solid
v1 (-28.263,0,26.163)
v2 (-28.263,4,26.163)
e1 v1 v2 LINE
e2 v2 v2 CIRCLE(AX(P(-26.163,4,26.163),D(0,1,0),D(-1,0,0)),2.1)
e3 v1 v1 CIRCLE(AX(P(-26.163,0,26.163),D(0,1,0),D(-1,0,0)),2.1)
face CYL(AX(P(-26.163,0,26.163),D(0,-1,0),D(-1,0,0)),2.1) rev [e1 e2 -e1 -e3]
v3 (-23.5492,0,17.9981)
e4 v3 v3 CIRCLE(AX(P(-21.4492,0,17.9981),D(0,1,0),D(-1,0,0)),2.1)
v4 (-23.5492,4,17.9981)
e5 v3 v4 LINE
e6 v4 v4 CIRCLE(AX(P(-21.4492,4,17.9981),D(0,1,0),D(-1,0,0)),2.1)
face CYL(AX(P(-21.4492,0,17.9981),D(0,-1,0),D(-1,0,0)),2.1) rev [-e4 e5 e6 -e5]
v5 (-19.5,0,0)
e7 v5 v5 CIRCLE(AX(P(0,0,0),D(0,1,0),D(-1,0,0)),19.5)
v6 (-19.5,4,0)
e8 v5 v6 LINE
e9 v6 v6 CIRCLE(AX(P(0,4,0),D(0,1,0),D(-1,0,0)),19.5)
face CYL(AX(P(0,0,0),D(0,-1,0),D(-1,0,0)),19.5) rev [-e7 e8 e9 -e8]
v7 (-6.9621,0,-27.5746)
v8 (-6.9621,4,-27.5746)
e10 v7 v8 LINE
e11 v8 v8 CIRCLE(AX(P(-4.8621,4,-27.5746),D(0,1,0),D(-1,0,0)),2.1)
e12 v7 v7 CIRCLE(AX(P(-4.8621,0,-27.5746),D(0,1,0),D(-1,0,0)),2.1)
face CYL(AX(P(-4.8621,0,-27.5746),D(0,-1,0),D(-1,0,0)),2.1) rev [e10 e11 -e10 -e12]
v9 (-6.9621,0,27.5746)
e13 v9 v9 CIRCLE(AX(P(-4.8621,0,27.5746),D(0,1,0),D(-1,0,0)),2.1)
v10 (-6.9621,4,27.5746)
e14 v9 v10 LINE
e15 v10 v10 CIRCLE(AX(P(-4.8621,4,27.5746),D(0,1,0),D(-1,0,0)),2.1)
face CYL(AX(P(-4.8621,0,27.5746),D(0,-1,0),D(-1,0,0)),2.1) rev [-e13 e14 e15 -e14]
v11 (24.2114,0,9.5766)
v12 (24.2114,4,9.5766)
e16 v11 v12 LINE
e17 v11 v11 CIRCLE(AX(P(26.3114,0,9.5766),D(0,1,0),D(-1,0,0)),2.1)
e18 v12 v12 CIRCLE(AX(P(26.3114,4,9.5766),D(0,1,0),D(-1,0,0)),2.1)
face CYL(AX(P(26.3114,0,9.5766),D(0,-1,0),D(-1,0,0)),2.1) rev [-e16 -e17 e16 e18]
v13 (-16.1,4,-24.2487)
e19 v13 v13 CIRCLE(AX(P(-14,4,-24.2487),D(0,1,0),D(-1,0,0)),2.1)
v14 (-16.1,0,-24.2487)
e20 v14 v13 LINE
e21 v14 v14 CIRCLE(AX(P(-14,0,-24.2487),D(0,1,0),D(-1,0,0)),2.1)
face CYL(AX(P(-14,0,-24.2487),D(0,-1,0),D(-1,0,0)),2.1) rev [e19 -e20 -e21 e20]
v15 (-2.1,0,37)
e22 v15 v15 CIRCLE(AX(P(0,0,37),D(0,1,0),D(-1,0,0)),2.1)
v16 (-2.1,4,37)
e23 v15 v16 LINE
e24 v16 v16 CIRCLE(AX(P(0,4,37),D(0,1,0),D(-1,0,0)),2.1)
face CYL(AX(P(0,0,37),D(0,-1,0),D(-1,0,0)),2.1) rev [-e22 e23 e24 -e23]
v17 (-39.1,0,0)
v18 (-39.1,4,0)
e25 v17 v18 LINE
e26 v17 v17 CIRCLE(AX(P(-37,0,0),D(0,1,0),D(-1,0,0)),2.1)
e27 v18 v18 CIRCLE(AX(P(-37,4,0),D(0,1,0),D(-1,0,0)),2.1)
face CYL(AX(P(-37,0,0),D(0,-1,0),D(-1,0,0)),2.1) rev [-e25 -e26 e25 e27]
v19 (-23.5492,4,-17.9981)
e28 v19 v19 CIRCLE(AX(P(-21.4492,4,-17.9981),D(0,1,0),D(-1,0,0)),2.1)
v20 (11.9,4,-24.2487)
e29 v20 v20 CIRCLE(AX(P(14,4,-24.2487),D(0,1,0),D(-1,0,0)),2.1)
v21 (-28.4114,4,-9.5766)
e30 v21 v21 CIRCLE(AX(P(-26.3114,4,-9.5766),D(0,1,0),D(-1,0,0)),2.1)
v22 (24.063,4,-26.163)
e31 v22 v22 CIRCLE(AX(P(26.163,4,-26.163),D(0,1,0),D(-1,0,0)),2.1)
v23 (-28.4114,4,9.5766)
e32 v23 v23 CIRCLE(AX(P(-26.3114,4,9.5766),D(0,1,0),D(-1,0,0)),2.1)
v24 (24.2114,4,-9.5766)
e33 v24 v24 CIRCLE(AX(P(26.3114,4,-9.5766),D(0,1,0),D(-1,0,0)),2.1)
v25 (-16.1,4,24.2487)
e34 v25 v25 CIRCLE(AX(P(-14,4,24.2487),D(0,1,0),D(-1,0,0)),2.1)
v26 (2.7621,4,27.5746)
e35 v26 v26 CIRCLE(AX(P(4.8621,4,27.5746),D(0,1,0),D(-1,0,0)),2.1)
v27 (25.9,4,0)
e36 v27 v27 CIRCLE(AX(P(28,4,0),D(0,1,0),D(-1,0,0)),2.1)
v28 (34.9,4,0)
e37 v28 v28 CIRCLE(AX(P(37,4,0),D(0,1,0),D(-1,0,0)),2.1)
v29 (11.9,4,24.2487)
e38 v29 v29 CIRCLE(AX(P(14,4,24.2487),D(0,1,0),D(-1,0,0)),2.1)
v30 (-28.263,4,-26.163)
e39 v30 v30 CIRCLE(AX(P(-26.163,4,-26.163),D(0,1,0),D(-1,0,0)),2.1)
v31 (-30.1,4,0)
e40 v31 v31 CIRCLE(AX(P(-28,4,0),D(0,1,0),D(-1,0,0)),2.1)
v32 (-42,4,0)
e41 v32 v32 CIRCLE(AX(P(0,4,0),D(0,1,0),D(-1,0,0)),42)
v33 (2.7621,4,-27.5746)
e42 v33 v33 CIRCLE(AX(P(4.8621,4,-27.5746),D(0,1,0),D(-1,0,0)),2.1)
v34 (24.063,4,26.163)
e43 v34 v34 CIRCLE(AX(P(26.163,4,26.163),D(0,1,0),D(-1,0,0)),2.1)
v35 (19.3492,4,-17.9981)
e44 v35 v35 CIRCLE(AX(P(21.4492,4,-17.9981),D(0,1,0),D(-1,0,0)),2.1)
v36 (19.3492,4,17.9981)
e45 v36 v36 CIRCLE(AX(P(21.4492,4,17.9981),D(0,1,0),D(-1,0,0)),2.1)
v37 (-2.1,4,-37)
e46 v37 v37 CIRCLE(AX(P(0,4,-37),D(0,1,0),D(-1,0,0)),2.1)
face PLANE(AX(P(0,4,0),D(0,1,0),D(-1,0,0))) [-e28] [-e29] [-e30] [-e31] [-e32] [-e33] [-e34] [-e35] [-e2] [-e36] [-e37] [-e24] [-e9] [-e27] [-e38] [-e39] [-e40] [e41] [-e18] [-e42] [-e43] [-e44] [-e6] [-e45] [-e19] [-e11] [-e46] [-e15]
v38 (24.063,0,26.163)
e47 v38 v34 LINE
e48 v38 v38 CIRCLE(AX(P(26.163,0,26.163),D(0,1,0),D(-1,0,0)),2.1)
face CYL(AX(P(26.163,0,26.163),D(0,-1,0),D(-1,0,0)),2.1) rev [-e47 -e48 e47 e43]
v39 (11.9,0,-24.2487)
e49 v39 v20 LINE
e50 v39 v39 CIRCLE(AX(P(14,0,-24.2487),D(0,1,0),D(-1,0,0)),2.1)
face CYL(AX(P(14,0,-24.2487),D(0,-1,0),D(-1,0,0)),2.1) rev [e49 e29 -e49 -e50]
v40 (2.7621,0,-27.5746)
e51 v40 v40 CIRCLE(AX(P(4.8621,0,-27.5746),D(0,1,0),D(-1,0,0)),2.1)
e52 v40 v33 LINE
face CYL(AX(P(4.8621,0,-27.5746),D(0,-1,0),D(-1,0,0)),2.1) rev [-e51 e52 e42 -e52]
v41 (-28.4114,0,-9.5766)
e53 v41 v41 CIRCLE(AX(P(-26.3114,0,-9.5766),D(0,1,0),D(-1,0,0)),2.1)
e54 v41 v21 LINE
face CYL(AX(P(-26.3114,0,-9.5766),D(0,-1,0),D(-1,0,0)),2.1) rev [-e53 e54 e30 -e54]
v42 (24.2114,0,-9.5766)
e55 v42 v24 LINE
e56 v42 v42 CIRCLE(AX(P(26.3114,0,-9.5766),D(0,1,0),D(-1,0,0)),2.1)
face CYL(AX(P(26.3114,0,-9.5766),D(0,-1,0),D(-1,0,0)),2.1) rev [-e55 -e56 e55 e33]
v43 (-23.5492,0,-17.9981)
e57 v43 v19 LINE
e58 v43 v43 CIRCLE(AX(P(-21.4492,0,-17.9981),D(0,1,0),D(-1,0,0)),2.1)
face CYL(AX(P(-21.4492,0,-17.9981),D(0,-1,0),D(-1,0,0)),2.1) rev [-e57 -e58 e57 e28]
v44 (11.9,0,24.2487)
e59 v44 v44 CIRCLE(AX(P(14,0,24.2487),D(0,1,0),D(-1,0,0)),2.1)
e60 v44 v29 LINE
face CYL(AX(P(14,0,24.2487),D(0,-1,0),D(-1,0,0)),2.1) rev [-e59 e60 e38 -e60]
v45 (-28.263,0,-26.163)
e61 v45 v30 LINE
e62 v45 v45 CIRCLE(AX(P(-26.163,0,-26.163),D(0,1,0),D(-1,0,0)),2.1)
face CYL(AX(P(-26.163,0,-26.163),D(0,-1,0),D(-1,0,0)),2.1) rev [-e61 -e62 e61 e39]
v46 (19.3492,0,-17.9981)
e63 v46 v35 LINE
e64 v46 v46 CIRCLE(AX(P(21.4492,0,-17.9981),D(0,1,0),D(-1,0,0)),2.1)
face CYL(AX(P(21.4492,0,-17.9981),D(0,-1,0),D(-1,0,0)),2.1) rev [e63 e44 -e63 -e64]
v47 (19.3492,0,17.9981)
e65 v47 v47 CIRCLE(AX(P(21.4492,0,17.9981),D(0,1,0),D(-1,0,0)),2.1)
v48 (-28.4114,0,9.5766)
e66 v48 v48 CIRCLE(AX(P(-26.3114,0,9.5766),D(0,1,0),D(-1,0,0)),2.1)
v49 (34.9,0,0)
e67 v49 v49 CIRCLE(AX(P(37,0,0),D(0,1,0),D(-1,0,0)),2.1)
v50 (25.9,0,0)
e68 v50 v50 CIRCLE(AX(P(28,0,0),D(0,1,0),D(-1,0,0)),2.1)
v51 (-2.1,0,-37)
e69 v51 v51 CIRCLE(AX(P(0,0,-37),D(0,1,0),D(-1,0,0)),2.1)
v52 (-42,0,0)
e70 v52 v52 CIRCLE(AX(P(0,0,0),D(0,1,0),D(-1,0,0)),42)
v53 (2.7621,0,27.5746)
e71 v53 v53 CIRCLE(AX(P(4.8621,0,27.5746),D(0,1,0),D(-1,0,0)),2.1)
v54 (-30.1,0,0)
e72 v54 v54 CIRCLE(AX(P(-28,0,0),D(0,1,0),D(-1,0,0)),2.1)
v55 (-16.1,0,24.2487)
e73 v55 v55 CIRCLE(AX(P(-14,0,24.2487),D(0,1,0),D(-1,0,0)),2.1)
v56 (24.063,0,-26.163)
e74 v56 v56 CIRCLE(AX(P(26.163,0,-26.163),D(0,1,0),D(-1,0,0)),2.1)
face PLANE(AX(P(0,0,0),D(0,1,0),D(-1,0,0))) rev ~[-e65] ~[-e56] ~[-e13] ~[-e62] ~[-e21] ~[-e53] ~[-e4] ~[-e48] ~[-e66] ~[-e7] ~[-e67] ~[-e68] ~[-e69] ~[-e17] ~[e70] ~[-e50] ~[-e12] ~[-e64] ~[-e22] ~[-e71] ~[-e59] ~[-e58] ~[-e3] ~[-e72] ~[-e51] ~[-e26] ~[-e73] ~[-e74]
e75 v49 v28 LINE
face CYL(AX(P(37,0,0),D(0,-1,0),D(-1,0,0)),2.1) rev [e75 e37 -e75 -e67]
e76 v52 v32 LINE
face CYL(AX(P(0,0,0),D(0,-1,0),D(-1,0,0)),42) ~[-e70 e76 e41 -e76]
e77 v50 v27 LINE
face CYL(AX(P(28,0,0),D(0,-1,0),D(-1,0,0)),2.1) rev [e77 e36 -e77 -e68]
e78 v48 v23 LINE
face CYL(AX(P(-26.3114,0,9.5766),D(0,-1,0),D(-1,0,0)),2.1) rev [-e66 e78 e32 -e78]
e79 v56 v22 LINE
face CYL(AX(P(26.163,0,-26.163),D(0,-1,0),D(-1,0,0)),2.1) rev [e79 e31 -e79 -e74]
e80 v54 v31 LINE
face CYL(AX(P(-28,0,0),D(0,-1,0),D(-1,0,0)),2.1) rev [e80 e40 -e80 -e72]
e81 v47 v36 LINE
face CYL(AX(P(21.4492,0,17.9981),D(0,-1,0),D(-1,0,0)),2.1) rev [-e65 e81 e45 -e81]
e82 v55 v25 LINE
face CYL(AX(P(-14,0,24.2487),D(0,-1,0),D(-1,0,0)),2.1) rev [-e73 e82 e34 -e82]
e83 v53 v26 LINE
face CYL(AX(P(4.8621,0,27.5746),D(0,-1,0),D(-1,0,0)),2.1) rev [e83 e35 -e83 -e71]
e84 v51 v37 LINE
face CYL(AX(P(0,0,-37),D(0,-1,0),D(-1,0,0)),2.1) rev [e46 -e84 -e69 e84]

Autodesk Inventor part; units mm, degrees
ref_plane "YZ Plane" through (0, 0, 0) normal (1, 0, 0) x (0, 1, 0)
ref_plane "XZ Plane" through (0, 0, 0) normal (0, 1, 0) x (-1, 0, 0)
ref_plane "XY Plane" through (0, 0, 0) normal (0, 0, 1) x (1, 0, 0)
sketch "Sketch1" plane through (0, 0, 0) normal (0, 1, 0) x (-1, 0, 0)
  circle A0 centre (0, 0) radius 42
  circle A1 centre (0, 0) radius 19.5
  circle A2 centre (0, -37) radius 2.1
  circle A3 centre (26.163, -26.163) radius 2.1
  circle A4 centre (37, 0) radius 2.1
  circle A5 centre (26.163, 26.163) radius 2.1
  circle A6 centre (0, 37) radius 2.1
  circle A7 centre (-26.163, 26.163) radius 2.1
  circle A8 centre (-37, 0) radius 2.1
  circle A9 centre (-26.163, -26.163) radius 2.1
  circle A10 centre (-4.8621, -27.5746) radius 2.1
  circle A11 centre (4.8621, -27.5746) radius 2.1
  circle A12 centre (14, -24.2487) radius 2.1
  circle A13 centre (21.4492, -17.9981) radius 2.1
  circle A14 centre (26.3114, -9.5766) radius 2.1
  circle A15 centre (28, 0) radius 2.1
  circle A16 centre (26.3114, 9.5766) radius 2.1
  circle A17 centre (21.4492, 17.9981) radius 2.1
  circle A18 centre (14, 24.2487) radius 2.1
  circle A19 centre (4.8621, 27.5746) radius 2.1
  circle A20 centre (-4.8621, 27.5746) radius 2.1
  circle A21 centre (-14, 24.2487) radius 2.1
  circle A22 centre (-21.4492, 17.9981) radius 2.1
  circle A23 centre (-26.3114, 9.5766) radius 2.1
  circle A24 centre (-28, 0) radius 2.1
  circle A25 centre (-26.3114, -9.5766) radius 2.1
  circle A26 centre (-21.4492, -17.9981) radius 2.1
  circle A27 centre (-14, -24.2487) radius 2.1
  line L0 (0, 0) -> (-4.8621, -27.5746) construction
  line L1 (0, 0) -> (0, -11.0753) construction
  dimension "d2" = 84
  dimension "d3" = 39
  dimension "d4" = 4.2
  dimension "d5" = 37
  dimension "d6" = 360
  dimension "d9" = 4.2
  dimension "d10" = 28
  dimension "d11" = 360
  dimension "d12" = 10
extrude "Extrusion1" add sketch "Sketch1" along normal blind 4
properties part number "HousingExampleLid"
